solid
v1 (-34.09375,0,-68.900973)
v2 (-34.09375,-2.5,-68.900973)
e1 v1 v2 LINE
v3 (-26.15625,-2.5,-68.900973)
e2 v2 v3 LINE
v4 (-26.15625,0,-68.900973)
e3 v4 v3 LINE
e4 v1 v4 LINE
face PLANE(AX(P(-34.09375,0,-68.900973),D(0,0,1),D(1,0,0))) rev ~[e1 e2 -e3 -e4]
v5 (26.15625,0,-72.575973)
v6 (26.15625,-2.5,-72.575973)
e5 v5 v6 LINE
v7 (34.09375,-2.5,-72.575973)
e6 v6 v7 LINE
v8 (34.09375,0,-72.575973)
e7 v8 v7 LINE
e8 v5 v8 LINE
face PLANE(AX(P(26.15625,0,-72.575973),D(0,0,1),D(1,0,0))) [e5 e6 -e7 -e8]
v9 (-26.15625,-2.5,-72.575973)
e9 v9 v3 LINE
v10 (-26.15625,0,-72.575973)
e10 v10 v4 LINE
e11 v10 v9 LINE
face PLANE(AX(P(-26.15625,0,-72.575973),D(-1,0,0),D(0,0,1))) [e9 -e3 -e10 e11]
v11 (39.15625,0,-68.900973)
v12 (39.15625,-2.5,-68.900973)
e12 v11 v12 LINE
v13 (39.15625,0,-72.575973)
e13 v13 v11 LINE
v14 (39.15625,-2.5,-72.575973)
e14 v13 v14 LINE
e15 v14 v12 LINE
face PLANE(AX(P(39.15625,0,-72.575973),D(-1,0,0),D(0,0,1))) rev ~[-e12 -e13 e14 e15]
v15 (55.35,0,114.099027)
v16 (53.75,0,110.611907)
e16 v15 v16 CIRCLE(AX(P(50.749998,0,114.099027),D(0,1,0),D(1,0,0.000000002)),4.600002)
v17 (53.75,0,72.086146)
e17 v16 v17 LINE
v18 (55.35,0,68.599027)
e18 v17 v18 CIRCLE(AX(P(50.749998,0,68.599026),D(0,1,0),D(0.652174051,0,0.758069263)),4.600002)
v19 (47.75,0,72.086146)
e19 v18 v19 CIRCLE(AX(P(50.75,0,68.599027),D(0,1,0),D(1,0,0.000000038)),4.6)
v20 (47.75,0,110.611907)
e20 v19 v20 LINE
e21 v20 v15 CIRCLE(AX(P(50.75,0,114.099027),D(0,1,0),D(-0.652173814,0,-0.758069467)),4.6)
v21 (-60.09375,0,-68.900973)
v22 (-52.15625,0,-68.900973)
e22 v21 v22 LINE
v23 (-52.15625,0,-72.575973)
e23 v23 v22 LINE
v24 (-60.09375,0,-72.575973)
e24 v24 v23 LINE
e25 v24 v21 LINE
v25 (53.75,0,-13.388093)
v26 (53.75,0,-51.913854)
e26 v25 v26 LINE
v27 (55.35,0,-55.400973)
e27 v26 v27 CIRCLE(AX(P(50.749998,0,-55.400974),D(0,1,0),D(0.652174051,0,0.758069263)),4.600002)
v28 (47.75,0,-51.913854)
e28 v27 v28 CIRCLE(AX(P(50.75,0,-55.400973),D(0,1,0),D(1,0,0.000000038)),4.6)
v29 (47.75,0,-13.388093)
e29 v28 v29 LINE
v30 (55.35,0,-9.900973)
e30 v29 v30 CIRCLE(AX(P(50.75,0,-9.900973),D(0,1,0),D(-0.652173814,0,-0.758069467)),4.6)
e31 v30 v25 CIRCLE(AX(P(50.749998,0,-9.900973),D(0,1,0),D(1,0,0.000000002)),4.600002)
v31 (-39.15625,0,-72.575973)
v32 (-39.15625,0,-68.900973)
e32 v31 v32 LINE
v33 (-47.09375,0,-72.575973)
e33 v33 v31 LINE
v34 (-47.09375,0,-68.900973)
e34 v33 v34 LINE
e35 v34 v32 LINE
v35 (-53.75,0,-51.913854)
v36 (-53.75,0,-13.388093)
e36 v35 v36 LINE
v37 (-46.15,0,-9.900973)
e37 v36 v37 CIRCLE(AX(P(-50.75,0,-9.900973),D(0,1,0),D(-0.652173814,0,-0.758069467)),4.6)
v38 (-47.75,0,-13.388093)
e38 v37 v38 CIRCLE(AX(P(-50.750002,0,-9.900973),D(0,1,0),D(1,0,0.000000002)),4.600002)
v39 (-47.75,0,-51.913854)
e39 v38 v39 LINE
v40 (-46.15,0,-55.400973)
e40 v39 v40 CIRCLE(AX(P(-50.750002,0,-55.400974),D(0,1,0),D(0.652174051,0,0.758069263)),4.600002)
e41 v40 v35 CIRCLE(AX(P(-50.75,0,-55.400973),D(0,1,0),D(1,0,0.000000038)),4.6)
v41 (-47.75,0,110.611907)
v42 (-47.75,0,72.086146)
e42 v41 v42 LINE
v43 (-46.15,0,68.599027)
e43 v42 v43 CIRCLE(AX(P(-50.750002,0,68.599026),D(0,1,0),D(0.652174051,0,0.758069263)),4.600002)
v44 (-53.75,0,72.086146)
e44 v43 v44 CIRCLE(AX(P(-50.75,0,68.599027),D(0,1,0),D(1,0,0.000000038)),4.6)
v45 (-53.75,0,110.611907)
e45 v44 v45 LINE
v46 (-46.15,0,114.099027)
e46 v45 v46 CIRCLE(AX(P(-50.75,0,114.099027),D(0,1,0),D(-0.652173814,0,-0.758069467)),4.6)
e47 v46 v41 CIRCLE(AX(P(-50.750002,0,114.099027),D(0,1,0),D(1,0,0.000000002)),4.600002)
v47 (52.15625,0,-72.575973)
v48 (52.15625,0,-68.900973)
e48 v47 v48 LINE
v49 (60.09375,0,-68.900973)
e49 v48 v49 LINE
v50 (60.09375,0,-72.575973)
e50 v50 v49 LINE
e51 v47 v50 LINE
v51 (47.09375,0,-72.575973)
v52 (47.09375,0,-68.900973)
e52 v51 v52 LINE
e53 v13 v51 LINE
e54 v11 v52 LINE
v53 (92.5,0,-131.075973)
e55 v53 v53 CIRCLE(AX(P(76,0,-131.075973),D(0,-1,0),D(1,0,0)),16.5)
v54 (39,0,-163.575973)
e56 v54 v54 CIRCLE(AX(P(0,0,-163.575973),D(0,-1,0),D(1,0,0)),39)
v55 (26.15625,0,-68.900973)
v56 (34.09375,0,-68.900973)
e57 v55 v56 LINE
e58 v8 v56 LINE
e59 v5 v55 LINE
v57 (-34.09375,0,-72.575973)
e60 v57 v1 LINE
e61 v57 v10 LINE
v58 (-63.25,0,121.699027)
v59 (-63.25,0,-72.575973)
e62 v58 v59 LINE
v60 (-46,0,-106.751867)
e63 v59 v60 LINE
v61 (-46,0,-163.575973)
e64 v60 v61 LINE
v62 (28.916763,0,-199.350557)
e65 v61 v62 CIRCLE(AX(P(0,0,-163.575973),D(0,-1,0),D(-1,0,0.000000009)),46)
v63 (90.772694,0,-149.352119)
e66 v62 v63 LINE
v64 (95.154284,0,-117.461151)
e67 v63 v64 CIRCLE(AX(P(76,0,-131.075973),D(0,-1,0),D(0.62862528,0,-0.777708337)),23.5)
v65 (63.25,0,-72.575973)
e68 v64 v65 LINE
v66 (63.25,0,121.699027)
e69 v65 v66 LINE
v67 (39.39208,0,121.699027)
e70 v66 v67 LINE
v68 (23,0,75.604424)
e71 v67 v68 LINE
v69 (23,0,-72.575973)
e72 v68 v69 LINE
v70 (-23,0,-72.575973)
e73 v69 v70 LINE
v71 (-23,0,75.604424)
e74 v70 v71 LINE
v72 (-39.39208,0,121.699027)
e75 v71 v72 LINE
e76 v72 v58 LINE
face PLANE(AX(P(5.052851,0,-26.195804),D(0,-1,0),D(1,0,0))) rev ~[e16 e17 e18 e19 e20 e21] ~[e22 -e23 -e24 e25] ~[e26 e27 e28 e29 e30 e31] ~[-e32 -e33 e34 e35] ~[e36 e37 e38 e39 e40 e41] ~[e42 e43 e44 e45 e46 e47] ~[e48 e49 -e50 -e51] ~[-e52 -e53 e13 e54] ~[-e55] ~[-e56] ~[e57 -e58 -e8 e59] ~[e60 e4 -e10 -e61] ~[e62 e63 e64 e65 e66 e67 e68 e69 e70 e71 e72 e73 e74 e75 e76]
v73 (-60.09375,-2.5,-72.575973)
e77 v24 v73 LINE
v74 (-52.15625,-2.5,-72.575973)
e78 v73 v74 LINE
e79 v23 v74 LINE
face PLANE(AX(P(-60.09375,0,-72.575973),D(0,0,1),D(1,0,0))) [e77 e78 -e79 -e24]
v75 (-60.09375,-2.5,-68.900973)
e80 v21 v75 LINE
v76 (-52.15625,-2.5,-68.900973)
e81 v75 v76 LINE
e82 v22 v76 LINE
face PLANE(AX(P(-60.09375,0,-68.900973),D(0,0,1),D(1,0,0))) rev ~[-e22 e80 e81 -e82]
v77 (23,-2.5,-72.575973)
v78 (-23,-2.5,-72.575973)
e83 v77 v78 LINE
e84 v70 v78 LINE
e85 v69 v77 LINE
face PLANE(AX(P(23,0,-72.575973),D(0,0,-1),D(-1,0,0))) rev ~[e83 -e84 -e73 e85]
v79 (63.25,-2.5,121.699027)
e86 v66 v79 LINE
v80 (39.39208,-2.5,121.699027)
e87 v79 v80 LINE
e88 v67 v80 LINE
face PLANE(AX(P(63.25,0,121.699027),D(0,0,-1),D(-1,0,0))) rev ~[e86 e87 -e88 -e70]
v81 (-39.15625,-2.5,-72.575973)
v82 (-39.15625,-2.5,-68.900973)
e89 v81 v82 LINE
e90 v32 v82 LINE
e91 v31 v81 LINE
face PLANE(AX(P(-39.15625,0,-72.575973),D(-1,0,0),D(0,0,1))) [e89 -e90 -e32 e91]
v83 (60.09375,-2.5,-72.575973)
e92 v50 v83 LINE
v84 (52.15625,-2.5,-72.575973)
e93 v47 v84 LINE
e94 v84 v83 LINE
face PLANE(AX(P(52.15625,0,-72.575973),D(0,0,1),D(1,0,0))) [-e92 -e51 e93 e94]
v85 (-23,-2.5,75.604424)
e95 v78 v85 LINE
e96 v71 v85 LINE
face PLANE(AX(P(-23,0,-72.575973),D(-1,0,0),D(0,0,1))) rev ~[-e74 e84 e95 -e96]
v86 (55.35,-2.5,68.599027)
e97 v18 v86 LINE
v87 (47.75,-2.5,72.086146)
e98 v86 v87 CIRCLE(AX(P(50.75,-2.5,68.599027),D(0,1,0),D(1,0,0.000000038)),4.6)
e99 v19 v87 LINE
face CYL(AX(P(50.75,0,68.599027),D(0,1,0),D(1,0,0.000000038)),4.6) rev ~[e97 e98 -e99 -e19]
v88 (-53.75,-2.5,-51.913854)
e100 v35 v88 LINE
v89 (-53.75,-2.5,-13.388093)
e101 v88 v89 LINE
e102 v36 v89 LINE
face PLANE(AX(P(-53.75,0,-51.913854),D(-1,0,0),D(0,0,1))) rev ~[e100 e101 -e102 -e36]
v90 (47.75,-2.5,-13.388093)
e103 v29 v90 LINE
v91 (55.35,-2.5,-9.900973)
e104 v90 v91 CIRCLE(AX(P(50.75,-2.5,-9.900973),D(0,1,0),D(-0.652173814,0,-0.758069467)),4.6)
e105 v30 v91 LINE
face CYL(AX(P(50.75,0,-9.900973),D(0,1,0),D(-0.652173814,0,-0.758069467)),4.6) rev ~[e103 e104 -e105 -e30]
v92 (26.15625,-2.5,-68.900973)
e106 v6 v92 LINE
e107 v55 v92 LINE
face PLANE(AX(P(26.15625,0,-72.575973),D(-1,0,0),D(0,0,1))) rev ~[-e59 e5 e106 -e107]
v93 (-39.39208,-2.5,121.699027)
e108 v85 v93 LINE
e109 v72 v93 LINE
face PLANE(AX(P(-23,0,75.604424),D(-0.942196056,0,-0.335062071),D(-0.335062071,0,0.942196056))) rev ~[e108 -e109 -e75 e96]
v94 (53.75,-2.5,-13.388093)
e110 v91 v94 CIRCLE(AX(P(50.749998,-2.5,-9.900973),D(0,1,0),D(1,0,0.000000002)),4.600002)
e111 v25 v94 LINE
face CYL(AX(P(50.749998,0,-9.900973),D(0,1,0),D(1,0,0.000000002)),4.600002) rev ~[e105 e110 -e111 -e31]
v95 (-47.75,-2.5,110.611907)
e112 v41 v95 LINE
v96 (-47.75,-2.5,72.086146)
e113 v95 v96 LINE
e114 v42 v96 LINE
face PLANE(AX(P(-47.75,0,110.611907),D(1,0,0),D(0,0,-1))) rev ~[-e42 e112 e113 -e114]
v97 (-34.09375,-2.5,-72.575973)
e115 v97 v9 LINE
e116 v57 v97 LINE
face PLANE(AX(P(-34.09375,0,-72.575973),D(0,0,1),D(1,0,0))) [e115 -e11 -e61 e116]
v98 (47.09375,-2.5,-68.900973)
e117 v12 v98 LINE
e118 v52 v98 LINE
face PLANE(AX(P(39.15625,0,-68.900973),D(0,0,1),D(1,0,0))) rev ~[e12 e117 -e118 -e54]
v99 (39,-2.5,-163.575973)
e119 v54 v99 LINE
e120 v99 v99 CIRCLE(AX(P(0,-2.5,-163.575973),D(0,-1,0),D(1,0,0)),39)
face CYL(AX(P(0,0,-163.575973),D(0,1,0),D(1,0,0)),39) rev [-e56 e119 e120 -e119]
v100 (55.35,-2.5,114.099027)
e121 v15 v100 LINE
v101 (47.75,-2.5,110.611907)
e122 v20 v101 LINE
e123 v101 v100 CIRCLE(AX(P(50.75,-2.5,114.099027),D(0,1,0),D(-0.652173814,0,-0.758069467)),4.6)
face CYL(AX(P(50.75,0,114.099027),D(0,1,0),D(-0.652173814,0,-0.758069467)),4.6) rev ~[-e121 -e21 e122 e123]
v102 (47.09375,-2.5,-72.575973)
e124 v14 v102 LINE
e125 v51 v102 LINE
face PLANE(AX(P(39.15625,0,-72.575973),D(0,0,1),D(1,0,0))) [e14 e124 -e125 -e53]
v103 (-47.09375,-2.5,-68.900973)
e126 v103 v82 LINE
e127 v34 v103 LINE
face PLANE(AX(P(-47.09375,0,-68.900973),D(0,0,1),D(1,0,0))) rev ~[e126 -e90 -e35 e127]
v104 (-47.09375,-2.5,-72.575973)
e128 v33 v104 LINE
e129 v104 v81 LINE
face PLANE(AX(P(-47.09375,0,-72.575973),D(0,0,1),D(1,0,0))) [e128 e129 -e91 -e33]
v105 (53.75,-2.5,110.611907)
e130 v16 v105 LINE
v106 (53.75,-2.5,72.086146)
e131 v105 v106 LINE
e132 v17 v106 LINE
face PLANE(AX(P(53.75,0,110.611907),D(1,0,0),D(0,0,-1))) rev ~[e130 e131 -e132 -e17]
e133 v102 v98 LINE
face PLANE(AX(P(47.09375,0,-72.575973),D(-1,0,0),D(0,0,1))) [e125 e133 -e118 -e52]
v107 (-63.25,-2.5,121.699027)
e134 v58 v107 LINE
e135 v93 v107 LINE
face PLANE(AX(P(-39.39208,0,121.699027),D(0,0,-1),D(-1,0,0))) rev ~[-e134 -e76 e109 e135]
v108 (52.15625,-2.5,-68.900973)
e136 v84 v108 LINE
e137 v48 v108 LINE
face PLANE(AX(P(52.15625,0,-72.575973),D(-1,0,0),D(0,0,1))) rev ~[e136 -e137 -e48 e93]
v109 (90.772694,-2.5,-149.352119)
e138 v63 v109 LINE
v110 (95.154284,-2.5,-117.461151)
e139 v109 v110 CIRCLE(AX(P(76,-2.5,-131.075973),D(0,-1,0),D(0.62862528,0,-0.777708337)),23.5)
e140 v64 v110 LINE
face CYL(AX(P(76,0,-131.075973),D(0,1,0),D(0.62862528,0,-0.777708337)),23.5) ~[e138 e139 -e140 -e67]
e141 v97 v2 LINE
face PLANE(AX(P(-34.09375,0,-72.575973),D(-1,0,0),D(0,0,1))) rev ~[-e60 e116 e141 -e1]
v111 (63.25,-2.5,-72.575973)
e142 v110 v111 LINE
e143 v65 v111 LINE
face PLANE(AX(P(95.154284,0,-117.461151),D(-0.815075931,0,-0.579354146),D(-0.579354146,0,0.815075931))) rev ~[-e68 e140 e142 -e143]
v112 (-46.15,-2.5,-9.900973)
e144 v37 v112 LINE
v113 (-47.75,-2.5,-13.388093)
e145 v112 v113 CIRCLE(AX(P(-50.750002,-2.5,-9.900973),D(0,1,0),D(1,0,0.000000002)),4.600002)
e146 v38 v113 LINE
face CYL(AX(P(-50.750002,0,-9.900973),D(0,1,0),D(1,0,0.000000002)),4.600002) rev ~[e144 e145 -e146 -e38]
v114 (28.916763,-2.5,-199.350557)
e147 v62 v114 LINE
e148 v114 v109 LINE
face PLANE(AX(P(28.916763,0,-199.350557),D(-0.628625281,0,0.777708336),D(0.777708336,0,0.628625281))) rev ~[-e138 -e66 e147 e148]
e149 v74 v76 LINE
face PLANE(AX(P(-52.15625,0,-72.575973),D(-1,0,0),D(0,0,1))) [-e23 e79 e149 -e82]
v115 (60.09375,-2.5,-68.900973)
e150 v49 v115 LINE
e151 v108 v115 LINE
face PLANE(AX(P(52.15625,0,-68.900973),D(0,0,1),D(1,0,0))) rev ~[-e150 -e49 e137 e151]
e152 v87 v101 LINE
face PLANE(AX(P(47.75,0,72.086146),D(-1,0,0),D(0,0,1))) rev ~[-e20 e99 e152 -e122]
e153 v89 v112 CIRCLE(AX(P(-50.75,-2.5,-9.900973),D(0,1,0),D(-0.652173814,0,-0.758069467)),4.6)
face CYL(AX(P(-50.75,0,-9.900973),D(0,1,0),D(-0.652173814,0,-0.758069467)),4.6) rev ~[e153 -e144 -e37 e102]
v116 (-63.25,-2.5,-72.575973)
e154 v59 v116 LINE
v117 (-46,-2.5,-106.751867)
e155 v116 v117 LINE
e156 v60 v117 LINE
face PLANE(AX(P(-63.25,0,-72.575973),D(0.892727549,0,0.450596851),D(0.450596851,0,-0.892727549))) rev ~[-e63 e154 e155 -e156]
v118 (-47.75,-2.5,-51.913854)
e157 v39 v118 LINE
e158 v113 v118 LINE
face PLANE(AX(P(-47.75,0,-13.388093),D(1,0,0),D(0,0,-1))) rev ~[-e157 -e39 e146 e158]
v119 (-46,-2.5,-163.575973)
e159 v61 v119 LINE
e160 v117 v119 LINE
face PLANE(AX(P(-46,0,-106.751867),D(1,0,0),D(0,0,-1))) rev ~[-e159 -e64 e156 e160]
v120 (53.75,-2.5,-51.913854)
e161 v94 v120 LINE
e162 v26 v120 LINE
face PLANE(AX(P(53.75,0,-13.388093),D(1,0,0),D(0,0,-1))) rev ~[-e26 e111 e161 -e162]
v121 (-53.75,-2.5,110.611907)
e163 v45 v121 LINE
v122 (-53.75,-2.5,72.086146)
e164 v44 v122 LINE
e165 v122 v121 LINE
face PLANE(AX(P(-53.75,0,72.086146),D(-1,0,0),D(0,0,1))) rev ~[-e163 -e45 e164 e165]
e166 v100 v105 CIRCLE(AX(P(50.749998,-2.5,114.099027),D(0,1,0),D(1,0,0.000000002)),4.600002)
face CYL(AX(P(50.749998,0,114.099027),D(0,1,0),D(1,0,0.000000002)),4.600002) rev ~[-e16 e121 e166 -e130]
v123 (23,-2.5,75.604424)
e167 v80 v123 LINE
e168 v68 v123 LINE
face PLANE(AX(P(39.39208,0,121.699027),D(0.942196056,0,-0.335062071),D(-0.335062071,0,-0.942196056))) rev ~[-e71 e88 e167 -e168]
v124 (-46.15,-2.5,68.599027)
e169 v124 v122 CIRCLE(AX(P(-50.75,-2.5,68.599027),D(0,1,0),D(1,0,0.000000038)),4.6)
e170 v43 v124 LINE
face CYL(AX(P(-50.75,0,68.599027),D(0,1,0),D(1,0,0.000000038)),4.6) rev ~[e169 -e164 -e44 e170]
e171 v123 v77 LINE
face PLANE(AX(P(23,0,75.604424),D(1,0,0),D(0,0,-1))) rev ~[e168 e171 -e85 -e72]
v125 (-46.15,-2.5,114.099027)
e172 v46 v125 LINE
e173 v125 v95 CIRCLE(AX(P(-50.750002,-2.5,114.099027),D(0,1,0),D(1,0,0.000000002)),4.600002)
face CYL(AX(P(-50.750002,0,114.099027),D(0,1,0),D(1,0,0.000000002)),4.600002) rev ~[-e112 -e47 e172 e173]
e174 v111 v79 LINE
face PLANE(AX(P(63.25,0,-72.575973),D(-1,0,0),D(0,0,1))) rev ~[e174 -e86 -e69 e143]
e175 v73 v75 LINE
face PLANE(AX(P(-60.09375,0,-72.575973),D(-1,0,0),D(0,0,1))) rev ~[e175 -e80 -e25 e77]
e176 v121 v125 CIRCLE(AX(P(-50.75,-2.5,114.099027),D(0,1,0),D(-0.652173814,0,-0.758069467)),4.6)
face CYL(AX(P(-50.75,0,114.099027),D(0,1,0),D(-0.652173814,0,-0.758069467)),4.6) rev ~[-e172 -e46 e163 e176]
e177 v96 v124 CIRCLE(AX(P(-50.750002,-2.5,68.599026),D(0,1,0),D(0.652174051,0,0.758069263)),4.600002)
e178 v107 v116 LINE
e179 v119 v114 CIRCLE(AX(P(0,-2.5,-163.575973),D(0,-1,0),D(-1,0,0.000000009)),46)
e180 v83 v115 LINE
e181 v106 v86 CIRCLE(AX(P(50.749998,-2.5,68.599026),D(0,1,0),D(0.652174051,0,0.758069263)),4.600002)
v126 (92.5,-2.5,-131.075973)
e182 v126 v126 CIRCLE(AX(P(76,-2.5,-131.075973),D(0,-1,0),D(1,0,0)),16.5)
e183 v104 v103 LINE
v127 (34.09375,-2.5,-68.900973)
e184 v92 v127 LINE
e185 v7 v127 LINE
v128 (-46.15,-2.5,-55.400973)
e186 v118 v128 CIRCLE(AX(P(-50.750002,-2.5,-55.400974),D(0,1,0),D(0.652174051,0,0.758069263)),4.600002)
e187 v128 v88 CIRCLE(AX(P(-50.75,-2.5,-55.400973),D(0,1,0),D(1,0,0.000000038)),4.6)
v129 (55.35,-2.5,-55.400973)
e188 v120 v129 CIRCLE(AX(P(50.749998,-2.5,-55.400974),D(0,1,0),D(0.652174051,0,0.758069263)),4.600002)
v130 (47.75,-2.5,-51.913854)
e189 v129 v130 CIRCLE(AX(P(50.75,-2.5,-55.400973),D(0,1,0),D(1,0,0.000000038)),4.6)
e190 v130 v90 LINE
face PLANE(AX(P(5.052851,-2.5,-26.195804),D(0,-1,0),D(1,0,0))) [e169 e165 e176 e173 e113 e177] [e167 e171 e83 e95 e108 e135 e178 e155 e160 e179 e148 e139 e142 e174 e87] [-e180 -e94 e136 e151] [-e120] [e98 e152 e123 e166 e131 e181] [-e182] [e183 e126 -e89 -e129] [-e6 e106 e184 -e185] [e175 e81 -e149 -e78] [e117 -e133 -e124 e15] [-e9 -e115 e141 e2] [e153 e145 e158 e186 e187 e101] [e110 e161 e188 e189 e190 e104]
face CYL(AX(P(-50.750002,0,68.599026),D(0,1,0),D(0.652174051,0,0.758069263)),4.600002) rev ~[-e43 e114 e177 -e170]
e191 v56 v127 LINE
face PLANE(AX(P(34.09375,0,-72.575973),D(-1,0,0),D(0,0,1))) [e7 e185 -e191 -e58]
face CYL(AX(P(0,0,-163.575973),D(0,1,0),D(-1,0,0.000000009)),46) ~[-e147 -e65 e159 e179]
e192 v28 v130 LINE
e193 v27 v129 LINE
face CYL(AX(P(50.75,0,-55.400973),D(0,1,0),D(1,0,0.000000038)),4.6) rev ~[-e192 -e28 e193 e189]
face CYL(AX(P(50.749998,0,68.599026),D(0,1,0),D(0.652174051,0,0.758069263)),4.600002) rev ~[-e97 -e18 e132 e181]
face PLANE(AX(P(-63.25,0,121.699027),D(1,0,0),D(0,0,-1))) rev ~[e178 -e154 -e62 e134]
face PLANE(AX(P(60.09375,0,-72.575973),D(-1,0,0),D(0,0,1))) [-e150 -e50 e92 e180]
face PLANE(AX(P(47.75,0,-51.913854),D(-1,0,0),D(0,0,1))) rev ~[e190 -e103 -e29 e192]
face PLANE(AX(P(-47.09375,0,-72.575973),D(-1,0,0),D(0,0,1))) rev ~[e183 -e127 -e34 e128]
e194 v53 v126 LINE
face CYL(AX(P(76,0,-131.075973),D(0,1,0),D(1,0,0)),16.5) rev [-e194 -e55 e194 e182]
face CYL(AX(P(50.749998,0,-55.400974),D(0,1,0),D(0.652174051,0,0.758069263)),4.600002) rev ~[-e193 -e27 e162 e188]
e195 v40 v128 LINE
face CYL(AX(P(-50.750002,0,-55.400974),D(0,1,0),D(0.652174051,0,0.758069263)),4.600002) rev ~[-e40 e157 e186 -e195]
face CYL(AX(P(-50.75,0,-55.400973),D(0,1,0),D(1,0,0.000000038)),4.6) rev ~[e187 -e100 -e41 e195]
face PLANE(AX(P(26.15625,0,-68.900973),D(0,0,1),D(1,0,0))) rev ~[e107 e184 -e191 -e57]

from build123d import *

# Parameters (mm, degrees)
F1_R     = 39
F1_W     = 7.9375
F1_H     = 3.675
F1_R_2   = 16.5
F2_DEPTH = 2.5


with BuildPart() as f2:
    # F1 (on Front) → F2 (new body)
    with BuildSketch(Plane.XZ):
        with BuildLine():
            Line((95.154284, -117.461151), (63.25, -72.575973))
            Line((63.25, -72.575973), (63.25, 121.699027))
            Line((63.25, 121.699027), (39.39208, 121.699027))
            Line((39.39208, 121.699027), (23, 75.604424))
            Line((23, 75.604424), (23, -72.575973))
            Line((23, -72.575973), (0, -72.575973))
            Line((0, -72.575973), (-23, -72.575973))
            Line((-23, -72.575973), (-23, 75.604424))
            Line((-23, 75.604424), (-39.39208, 121.699027))
            Line((-39.39208, 121.699027), (-63.25, 121.699027))
            Line((-63.25, 121.699027), (-63.25, -72.575973))
            Line((-63.25, -72.575973), (-46, -106.751867))
            Line((-46, -106.751867), (-46, -163.575973))
            ThreePointArc((-46, -163.575973), (-19.82207, -205.086039), (28.916763, -199.350557))
            Line((28.916763, -199.350557), (90.772694, -149.352119))
            ThreePointArc((90.772694, -149.352119), (99.281289, -134.274656), (95.154284, -117.461151))
        make_face()
        with Locations((0, -163.575973)):
            Circle(F1_R, mode=Mode.SUBTRACT)
        with Locations((-56.125, -70.738473)):
            Rectangle(F1_W, F1_H, mode=Mode.SUBTRACT)
        with Locations((-43.125, -70.738473)):
            Rectangle(F1_W, F1_H, mode=Mode.SUBTRACT)
        with Locations((-30.125, -70.738473)):
            Rectangle(F1_W, F1_H, mode=Mode.SUBTRACT)
        with Locations((76, -131.075973)):
            Circle(F1_R_2, mode=Mode.SUBTRACT)
        with Locations((30.125, -70.738473)):
            Rectangle(F1_W, F1_H, mode=Mode.SUBTRACT)
        with Locations((43.125, -70.738473)):
            Rectangle(F1_W, F1_H, mode=Mode.SUBTRACT)
        with Locations((56.125, -70.738473)):
            Rectangle(F1_W, F1_H, mode=Mode.SUBTRACT)
        with BuildLine():
            Line((-53.75, -30.412018), (-53.75, -13.388093))
            ThreePointArc((-53.75, -13.388093), (-52.668333, -5.720064), (-46.15, -9.900973))
            ThreePointArc((-46.15, -9.900973), (-46.569091, -11.819306), (-47.75, -13.388093))
            Line((-47.75, -13.388093), (-47.75, -30.412018))
            Line((-47.75, -30.412018), (-47.75, -32.650973))
            Line((-47.75, -32.650973), (-47.75, -34.889929))
            Line((-47.75, -34.889929), (-47.75, -51.913854))
            ThreePointArc((-47.75, -51.913854), (-46.569091, -53.482641), (-46.15, -55.400973))
            ThreePointArc((-46.15, -55.400973), (-52.668333, -59.581882), (-53.75, -51.913854))
            Line((-53.75, -51.913854), (-53.75, -34.889929))
            Line((-53.75, -34.889929), (-53.75, -32.650973))
            Line((-53.75, -32.650973), (-53.75, -30.412018))
        make_face(mode=Mode.SUBTRACT)
        with BuildLine():
            Line((-53.75, 72.086146), (-53.75, 91.174603))
            Line((-53.75, 91.174603), (-53.75, 91.349027))
            Line((-53.75, 91.349027), (-53.75, 91.523451))
            Line((-53.75, 91.523451), (-53.75, 110.611907))
            ThreePointArc((-53.75, 110.611907), (-52.668333, 118.279936), (-46.15, 114.099027))
            ThreePointArc((-46.15, 114.099027), (-46.569091, 112.180694), (-47.75, 110.611907))
            Line((-47.75, 110.611907), (-47.75, 91.523451))
            Line((-47.75, 91.523451), (-47.75, 91.349027))
            Line((-47.75, 91.349027), (-47.75, 91.174603))
            Line((-47.75, 91.174603), (-47.75, 72.086146))
            ThreePointArc((-47.75, 72.086146), (-46.569091, 70.517359), (-46.15, 68.599027))
            ThreePointArc((-46.15, 68.599027), (-52.668333, 64.418118), (-53.75, 72.086146))
        make_face(mode=Mode.SUBTRACT)
        with BuildLine():
            Line((53.75, -34.889929), (53.75, -51.913854))
            ThreePointArc((53.75, -51.913854), (54.930909, -53.482641), (55.35, -55.400973))
            ThreePointArc((55.35, -55.400973), (48.831667, -59.581882), (47.75, -51.913854))
            Line((47.75, -51.913854), (47.75, -34.889929))
            Line((47.75, -34.889929), (47.75, -32.650973))
            Line((47.75, -32.650973), (47.75, -30.412018))
            Line((47.75, -30.412018), (47.75, -13.388093))
            ThreePointArc((47.75, -13.388093), (48.831667, -5.720064), (55.35, -9.900973))
            ThreePointArc((55.35, -9.900973), (54.930909, -11.819306), (53.75, -13.388093))
            Line((53.75, -13.388093), (53.75, -30.412018))
            Line((53.75, -30.412018), (53.75, -32.650973))
            Line((53.75, -32.650973), (53.75, -34.889929))
        make_face(mode=Mode.SUBTRACT)
        with BuildLine():
            Line((53.75, 91.174603), (53.75, 72.086146))
            ThreePointArc((53.75, 72.086146), (54.930909, 70.517359), (55.35, 68.599027))
            ThreePointArc((55.35, 68.599027), (48.831667, 64.418118), (47.75, 72.086146))
            Line((47.75, 72.086146), (47.75, 91.174603))
            Line((47.75, 91.174603), (47.75, 91.349027))
            Line((47.75, 91.349027), (47.75, 91.523451))
            Line((47.75, 91.523451), (47.75, 110.611907))
            ThreePointArc((47.75, 110.611907), (48.831667, 118.279936), (55.35, 114.099027))
            ThreePointArc((55.35, 114.099027), (54.930909, 112.180694), (53.75, 110.611907))
            Line((53.75, 110.611907), (53.75, 91.523451))
            Line((53.75, 91.523451), (53.75, 91.349027))
            Line((53.75, 91.349027), (53.75, 91.174603))
        make_face(mode=Mode.SUBTRACT)
    extrude(amount=F2_DEPTH)


solid = f2.part
